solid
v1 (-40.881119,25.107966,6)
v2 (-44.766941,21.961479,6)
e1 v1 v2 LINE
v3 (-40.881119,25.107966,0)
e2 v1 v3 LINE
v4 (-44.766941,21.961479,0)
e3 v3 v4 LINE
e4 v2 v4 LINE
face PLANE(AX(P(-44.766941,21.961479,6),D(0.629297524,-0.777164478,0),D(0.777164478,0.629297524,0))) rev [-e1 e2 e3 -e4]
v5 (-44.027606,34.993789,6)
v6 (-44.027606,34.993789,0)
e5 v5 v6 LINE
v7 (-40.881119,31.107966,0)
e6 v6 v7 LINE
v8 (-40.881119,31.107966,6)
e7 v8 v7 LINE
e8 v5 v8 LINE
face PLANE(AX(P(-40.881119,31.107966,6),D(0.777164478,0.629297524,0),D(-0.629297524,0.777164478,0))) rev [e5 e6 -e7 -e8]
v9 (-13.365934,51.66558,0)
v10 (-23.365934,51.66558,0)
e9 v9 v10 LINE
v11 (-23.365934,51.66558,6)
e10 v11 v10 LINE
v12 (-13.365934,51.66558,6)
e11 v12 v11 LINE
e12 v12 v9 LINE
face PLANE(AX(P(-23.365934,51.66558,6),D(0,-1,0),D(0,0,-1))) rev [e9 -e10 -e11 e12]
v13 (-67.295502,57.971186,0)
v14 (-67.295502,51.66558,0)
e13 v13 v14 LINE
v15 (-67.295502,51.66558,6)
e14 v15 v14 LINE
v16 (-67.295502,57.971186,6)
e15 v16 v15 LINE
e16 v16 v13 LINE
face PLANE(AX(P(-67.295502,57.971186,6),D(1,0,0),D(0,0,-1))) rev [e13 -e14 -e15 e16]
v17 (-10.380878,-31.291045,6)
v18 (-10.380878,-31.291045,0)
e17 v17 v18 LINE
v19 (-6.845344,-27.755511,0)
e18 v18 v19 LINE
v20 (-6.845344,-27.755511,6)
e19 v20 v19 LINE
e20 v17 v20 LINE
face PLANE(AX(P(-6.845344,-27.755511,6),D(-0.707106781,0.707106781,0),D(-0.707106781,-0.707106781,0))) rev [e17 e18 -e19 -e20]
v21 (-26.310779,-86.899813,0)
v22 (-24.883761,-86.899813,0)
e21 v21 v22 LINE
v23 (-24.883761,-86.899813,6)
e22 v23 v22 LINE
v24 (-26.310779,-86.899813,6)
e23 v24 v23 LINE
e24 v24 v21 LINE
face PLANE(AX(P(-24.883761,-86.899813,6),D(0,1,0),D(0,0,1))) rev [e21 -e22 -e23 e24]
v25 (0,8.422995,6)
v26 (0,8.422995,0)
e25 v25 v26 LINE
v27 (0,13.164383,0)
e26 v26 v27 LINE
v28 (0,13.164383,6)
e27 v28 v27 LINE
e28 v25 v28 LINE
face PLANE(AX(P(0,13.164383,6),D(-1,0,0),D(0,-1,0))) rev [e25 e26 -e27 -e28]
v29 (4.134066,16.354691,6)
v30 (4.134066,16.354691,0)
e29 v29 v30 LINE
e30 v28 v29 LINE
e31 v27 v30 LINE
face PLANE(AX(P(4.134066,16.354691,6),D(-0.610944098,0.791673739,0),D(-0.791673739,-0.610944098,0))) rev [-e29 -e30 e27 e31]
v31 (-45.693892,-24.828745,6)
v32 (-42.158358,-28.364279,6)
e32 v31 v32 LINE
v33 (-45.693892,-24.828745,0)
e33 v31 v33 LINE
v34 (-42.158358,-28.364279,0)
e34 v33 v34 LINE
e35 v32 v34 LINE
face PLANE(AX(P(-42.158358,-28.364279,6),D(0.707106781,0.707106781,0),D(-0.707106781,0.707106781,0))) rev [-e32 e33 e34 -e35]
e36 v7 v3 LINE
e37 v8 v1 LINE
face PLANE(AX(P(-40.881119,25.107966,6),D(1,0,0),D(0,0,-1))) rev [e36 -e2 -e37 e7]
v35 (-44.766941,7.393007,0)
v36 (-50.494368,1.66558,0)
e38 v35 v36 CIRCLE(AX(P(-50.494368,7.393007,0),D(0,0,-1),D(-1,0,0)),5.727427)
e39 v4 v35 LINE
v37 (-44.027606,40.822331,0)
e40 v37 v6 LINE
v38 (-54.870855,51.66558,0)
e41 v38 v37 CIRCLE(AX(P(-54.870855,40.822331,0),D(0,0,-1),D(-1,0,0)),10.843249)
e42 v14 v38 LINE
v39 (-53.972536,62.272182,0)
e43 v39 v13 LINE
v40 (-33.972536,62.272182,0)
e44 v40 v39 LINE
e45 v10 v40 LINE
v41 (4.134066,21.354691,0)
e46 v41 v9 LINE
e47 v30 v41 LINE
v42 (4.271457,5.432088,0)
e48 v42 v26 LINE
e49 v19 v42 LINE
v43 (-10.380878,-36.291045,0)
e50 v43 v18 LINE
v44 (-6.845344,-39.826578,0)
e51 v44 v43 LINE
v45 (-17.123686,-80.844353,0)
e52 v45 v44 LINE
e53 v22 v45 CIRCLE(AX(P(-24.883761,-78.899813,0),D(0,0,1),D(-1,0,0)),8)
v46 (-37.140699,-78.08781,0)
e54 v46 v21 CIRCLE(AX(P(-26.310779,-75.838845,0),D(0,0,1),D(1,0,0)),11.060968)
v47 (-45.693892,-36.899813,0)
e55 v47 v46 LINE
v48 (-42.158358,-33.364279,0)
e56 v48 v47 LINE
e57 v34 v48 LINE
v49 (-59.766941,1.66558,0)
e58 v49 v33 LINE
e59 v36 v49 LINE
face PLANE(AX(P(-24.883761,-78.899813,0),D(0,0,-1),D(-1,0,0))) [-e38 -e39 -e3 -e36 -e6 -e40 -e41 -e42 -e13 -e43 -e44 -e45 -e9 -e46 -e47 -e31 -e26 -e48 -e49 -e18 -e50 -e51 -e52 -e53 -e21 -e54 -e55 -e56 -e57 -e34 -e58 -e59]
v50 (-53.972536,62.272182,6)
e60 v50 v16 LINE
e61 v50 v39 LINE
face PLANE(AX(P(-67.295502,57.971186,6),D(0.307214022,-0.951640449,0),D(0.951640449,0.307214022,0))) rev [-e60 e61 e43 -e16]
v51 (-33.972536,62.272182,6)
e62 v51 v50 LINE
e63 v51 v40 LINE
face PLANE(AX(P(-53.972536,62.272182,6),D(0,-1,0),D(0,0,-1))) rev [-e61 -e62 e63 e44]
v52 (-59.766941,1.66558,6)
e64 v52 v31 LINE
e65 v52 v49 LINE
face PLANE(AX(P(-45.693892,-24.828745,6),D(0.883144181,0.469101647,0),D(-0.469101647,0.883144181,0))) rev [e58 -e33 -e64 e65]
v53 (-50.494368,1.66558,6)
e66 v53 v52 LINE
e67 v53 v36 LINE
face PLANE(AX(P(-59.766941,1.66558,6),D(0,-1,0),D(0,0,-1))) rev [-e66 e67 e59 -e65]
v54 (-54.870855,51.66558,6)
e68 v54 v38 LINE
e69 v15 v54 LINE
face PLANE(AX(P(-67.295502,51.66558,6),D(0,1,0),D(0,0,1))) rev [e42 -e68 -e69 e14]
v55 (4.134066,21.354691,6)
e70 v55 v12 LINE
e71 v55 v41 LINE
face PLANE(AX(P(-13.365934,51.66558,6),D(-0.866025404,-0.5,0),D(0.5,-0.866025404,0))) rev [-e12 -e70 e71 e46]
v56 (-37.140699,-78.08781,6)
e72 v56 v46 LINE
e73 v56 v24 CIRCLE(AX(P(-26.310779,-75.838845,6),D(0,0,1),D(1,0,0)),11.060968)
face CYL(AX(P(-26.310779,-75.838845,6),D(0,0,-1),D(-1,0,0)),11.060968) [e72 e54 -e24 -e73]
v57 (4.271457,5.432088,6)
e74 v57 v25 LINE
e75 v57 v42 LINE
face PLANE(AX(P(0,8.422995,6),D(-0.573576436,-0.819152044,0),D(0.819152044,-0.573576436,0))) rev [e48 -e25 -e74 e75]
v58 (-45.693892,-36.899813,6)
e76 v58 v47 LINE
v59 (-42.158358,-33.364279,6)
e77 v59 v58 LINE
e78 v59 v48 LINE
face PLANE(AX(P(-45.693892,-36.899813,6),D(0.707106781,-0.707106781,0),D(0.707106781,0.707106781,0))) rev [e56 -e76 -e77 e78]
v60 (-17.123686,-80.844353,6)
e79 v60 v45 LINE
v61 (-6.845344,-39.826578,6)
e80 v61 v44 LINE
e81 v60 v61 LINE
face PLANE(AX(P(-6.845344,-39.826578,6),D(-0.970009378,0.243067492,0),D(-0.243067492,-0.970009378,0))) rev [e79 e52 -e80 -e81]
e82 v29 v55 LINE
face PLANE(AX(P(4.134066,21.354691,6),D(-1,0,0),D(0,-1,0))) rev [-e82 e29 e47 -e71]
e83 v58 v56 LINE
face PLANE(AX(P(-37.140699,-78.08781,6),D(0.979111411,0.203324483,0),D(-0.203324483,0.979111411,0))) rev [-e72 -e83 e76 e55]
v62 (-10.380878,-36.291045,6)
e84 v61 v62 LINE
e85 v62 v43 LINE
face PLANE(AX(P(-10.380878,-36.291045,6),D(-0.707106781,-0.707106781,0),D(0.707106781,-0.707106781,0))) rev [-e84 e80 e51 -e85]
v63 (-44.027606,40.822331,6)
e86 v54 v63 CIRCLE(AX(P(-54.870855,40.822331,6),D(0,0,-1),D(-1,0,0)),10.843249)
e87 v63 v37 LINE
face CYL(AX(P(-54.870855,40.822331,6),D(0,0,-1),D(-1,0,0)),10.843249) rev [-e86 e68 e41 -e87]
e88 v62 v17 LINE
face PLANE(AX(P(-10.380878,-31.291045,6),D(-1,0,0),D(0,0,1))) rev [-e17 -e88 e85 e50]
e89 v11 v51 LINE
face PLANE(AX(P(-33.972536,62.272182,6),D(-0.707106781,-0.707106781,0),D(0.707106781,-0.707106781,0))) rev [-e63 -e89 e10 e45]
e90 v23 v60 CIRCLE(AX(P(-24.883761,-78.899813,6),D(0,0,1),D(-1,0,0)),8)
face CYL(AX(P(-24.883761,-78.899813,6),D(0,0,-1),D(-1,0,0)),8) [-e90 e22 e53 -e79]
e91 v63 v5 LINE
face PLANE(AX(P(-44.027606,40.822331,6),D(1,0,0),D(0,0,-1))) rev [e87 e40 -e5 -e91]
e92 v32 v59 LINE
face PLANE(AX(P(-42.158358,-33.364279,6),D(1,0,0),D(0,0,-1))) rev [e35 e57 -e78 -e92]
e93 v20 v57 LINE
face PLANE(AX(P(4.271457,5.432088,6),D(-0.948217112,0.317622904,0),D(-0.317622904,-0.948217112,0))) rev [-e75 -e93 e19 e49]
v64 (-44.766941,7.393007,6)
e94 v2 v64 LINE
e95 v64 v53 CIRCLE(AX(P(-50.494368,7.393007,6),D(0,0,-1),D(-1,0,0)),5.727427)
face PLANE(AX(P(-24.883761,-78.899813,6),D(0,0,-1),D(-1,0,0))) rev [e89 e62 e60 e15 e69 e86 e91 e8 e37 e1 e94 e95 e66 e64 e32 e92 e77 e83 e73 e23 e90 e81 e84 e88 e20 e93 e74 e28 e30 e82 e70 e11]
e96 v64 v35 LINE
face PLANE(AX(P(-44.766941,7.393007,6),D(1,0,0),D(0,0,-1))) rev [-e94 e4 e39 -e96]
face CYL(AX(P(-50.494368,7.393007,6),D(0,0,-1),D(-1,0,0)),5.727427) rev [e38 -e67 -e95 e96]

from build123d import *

# Parameters (mm, degrees)
BOSS_EXTRUDE1_DEPTH = 6


with BuildPart() as part:
    # Sketch1 → Boss-Extrude1 (new body)
    with BuildSketch(Plane.XY):
        with BuildLine():
            Line((-53.972535853, 62.272181808), (-33.972535853, 62.272181808))
            Line((-33.972535853, 62.272181808), (-23.365934135, 51.66558009))
            Line((-23.365934135, 51.66558009), (-13.365934135, 51.66558009))
            Line((-13.365934135, 51.66558009), (4.134065865, 21.354690958))
            Line((4.134065865, 21.354690958), (4.134065865, 16.354690958))
            Line((4.134065865, 16.354690958), (0, 13.164382856))
            Line((0, 13.164382856), (0, 8.42299495))
            Line((0, 8.42299495), (4.271457393, 5.432088284))
            Line((4.271457393, 5.432088284), (-6.845344252, -27.755510623))
            Line((-6.845344252, -27.755510623), (-10.380878157, -31.291044529))
            Line((-10.380878157, -31.291044529), (-10.380878157, -36.291044529))
            Line((-10.380878157, -36.291044529), (-6.845344252, -39.826578434))
            Line((-6.845344252, -39.826578434), (-17.123685718, -80.844353089))
            ThreePointArc((-17.123685718, -80.844353089), (-19.962191865, -85.206806077), (-24.883760746, -86.899813152))
            Line((-24.883760746, -86.899813152), (-26.310778978, -86.899813152))
            ThreePointArc((-26.310778978, -86.899813152), (-33.291799073, -84.418493944), (-37.140699325, -78.087810456))
            Line((-37.140699325, -78.087810456), (-45.693891705, -36.899813152))
            Line((-45.693891705, -36.899813152), (-42.158357799, -33.364279246))
            Line((-42.158357799, -33.364279246), (-42.158357799, -28.364279246))
            Line((-42.158357799, -28.364279246), (-45.693891705, -24.828745341))
            Line((-45.693891705, -24.828745341), (-59.766941125, 1.66558009))
            Line((-59.766941125, 1.66558009), (-50.494368268, 1.66558009))
            ThreePointArc((-50.494368268, 1.66558009), (-46.444465696, 3.343104662), (-44.766941125, 7.393007234))
            Line((-44.766941125, 7.393007234), (-44.766941125, 21.96147854))
            Line((-44.766941125, 21.96147854), (-40.881118733, 25.10796616))
            Line((-40.881118733, 25.10796616), (-40.881118733, 31.10796616))
            Line((-40.881118733, 31.10796616), (-44.027606353, 34.993788551))
            Line((-44.027606353, 34.993788551), (-44.027606353, 40.822331304))
            ThreePointArc((-44.027606353, 40.822331304), (-47.203520392, 48.489666051), (-54.870855139, 51.66558009))
            Line((-54.870855139, 51.66558009), (-67.295502145, 51.66558009))
            Line((-67.295502145, 51.66558009), (-67.295502145, 57.971185507))
            Line((-67.295502145, 57.971185507), (-53.972535853, 62.272181808))
        make_face()
    extrude(amount=BOSS_EXTRUDE1_DEPTH)


solid = part.part
